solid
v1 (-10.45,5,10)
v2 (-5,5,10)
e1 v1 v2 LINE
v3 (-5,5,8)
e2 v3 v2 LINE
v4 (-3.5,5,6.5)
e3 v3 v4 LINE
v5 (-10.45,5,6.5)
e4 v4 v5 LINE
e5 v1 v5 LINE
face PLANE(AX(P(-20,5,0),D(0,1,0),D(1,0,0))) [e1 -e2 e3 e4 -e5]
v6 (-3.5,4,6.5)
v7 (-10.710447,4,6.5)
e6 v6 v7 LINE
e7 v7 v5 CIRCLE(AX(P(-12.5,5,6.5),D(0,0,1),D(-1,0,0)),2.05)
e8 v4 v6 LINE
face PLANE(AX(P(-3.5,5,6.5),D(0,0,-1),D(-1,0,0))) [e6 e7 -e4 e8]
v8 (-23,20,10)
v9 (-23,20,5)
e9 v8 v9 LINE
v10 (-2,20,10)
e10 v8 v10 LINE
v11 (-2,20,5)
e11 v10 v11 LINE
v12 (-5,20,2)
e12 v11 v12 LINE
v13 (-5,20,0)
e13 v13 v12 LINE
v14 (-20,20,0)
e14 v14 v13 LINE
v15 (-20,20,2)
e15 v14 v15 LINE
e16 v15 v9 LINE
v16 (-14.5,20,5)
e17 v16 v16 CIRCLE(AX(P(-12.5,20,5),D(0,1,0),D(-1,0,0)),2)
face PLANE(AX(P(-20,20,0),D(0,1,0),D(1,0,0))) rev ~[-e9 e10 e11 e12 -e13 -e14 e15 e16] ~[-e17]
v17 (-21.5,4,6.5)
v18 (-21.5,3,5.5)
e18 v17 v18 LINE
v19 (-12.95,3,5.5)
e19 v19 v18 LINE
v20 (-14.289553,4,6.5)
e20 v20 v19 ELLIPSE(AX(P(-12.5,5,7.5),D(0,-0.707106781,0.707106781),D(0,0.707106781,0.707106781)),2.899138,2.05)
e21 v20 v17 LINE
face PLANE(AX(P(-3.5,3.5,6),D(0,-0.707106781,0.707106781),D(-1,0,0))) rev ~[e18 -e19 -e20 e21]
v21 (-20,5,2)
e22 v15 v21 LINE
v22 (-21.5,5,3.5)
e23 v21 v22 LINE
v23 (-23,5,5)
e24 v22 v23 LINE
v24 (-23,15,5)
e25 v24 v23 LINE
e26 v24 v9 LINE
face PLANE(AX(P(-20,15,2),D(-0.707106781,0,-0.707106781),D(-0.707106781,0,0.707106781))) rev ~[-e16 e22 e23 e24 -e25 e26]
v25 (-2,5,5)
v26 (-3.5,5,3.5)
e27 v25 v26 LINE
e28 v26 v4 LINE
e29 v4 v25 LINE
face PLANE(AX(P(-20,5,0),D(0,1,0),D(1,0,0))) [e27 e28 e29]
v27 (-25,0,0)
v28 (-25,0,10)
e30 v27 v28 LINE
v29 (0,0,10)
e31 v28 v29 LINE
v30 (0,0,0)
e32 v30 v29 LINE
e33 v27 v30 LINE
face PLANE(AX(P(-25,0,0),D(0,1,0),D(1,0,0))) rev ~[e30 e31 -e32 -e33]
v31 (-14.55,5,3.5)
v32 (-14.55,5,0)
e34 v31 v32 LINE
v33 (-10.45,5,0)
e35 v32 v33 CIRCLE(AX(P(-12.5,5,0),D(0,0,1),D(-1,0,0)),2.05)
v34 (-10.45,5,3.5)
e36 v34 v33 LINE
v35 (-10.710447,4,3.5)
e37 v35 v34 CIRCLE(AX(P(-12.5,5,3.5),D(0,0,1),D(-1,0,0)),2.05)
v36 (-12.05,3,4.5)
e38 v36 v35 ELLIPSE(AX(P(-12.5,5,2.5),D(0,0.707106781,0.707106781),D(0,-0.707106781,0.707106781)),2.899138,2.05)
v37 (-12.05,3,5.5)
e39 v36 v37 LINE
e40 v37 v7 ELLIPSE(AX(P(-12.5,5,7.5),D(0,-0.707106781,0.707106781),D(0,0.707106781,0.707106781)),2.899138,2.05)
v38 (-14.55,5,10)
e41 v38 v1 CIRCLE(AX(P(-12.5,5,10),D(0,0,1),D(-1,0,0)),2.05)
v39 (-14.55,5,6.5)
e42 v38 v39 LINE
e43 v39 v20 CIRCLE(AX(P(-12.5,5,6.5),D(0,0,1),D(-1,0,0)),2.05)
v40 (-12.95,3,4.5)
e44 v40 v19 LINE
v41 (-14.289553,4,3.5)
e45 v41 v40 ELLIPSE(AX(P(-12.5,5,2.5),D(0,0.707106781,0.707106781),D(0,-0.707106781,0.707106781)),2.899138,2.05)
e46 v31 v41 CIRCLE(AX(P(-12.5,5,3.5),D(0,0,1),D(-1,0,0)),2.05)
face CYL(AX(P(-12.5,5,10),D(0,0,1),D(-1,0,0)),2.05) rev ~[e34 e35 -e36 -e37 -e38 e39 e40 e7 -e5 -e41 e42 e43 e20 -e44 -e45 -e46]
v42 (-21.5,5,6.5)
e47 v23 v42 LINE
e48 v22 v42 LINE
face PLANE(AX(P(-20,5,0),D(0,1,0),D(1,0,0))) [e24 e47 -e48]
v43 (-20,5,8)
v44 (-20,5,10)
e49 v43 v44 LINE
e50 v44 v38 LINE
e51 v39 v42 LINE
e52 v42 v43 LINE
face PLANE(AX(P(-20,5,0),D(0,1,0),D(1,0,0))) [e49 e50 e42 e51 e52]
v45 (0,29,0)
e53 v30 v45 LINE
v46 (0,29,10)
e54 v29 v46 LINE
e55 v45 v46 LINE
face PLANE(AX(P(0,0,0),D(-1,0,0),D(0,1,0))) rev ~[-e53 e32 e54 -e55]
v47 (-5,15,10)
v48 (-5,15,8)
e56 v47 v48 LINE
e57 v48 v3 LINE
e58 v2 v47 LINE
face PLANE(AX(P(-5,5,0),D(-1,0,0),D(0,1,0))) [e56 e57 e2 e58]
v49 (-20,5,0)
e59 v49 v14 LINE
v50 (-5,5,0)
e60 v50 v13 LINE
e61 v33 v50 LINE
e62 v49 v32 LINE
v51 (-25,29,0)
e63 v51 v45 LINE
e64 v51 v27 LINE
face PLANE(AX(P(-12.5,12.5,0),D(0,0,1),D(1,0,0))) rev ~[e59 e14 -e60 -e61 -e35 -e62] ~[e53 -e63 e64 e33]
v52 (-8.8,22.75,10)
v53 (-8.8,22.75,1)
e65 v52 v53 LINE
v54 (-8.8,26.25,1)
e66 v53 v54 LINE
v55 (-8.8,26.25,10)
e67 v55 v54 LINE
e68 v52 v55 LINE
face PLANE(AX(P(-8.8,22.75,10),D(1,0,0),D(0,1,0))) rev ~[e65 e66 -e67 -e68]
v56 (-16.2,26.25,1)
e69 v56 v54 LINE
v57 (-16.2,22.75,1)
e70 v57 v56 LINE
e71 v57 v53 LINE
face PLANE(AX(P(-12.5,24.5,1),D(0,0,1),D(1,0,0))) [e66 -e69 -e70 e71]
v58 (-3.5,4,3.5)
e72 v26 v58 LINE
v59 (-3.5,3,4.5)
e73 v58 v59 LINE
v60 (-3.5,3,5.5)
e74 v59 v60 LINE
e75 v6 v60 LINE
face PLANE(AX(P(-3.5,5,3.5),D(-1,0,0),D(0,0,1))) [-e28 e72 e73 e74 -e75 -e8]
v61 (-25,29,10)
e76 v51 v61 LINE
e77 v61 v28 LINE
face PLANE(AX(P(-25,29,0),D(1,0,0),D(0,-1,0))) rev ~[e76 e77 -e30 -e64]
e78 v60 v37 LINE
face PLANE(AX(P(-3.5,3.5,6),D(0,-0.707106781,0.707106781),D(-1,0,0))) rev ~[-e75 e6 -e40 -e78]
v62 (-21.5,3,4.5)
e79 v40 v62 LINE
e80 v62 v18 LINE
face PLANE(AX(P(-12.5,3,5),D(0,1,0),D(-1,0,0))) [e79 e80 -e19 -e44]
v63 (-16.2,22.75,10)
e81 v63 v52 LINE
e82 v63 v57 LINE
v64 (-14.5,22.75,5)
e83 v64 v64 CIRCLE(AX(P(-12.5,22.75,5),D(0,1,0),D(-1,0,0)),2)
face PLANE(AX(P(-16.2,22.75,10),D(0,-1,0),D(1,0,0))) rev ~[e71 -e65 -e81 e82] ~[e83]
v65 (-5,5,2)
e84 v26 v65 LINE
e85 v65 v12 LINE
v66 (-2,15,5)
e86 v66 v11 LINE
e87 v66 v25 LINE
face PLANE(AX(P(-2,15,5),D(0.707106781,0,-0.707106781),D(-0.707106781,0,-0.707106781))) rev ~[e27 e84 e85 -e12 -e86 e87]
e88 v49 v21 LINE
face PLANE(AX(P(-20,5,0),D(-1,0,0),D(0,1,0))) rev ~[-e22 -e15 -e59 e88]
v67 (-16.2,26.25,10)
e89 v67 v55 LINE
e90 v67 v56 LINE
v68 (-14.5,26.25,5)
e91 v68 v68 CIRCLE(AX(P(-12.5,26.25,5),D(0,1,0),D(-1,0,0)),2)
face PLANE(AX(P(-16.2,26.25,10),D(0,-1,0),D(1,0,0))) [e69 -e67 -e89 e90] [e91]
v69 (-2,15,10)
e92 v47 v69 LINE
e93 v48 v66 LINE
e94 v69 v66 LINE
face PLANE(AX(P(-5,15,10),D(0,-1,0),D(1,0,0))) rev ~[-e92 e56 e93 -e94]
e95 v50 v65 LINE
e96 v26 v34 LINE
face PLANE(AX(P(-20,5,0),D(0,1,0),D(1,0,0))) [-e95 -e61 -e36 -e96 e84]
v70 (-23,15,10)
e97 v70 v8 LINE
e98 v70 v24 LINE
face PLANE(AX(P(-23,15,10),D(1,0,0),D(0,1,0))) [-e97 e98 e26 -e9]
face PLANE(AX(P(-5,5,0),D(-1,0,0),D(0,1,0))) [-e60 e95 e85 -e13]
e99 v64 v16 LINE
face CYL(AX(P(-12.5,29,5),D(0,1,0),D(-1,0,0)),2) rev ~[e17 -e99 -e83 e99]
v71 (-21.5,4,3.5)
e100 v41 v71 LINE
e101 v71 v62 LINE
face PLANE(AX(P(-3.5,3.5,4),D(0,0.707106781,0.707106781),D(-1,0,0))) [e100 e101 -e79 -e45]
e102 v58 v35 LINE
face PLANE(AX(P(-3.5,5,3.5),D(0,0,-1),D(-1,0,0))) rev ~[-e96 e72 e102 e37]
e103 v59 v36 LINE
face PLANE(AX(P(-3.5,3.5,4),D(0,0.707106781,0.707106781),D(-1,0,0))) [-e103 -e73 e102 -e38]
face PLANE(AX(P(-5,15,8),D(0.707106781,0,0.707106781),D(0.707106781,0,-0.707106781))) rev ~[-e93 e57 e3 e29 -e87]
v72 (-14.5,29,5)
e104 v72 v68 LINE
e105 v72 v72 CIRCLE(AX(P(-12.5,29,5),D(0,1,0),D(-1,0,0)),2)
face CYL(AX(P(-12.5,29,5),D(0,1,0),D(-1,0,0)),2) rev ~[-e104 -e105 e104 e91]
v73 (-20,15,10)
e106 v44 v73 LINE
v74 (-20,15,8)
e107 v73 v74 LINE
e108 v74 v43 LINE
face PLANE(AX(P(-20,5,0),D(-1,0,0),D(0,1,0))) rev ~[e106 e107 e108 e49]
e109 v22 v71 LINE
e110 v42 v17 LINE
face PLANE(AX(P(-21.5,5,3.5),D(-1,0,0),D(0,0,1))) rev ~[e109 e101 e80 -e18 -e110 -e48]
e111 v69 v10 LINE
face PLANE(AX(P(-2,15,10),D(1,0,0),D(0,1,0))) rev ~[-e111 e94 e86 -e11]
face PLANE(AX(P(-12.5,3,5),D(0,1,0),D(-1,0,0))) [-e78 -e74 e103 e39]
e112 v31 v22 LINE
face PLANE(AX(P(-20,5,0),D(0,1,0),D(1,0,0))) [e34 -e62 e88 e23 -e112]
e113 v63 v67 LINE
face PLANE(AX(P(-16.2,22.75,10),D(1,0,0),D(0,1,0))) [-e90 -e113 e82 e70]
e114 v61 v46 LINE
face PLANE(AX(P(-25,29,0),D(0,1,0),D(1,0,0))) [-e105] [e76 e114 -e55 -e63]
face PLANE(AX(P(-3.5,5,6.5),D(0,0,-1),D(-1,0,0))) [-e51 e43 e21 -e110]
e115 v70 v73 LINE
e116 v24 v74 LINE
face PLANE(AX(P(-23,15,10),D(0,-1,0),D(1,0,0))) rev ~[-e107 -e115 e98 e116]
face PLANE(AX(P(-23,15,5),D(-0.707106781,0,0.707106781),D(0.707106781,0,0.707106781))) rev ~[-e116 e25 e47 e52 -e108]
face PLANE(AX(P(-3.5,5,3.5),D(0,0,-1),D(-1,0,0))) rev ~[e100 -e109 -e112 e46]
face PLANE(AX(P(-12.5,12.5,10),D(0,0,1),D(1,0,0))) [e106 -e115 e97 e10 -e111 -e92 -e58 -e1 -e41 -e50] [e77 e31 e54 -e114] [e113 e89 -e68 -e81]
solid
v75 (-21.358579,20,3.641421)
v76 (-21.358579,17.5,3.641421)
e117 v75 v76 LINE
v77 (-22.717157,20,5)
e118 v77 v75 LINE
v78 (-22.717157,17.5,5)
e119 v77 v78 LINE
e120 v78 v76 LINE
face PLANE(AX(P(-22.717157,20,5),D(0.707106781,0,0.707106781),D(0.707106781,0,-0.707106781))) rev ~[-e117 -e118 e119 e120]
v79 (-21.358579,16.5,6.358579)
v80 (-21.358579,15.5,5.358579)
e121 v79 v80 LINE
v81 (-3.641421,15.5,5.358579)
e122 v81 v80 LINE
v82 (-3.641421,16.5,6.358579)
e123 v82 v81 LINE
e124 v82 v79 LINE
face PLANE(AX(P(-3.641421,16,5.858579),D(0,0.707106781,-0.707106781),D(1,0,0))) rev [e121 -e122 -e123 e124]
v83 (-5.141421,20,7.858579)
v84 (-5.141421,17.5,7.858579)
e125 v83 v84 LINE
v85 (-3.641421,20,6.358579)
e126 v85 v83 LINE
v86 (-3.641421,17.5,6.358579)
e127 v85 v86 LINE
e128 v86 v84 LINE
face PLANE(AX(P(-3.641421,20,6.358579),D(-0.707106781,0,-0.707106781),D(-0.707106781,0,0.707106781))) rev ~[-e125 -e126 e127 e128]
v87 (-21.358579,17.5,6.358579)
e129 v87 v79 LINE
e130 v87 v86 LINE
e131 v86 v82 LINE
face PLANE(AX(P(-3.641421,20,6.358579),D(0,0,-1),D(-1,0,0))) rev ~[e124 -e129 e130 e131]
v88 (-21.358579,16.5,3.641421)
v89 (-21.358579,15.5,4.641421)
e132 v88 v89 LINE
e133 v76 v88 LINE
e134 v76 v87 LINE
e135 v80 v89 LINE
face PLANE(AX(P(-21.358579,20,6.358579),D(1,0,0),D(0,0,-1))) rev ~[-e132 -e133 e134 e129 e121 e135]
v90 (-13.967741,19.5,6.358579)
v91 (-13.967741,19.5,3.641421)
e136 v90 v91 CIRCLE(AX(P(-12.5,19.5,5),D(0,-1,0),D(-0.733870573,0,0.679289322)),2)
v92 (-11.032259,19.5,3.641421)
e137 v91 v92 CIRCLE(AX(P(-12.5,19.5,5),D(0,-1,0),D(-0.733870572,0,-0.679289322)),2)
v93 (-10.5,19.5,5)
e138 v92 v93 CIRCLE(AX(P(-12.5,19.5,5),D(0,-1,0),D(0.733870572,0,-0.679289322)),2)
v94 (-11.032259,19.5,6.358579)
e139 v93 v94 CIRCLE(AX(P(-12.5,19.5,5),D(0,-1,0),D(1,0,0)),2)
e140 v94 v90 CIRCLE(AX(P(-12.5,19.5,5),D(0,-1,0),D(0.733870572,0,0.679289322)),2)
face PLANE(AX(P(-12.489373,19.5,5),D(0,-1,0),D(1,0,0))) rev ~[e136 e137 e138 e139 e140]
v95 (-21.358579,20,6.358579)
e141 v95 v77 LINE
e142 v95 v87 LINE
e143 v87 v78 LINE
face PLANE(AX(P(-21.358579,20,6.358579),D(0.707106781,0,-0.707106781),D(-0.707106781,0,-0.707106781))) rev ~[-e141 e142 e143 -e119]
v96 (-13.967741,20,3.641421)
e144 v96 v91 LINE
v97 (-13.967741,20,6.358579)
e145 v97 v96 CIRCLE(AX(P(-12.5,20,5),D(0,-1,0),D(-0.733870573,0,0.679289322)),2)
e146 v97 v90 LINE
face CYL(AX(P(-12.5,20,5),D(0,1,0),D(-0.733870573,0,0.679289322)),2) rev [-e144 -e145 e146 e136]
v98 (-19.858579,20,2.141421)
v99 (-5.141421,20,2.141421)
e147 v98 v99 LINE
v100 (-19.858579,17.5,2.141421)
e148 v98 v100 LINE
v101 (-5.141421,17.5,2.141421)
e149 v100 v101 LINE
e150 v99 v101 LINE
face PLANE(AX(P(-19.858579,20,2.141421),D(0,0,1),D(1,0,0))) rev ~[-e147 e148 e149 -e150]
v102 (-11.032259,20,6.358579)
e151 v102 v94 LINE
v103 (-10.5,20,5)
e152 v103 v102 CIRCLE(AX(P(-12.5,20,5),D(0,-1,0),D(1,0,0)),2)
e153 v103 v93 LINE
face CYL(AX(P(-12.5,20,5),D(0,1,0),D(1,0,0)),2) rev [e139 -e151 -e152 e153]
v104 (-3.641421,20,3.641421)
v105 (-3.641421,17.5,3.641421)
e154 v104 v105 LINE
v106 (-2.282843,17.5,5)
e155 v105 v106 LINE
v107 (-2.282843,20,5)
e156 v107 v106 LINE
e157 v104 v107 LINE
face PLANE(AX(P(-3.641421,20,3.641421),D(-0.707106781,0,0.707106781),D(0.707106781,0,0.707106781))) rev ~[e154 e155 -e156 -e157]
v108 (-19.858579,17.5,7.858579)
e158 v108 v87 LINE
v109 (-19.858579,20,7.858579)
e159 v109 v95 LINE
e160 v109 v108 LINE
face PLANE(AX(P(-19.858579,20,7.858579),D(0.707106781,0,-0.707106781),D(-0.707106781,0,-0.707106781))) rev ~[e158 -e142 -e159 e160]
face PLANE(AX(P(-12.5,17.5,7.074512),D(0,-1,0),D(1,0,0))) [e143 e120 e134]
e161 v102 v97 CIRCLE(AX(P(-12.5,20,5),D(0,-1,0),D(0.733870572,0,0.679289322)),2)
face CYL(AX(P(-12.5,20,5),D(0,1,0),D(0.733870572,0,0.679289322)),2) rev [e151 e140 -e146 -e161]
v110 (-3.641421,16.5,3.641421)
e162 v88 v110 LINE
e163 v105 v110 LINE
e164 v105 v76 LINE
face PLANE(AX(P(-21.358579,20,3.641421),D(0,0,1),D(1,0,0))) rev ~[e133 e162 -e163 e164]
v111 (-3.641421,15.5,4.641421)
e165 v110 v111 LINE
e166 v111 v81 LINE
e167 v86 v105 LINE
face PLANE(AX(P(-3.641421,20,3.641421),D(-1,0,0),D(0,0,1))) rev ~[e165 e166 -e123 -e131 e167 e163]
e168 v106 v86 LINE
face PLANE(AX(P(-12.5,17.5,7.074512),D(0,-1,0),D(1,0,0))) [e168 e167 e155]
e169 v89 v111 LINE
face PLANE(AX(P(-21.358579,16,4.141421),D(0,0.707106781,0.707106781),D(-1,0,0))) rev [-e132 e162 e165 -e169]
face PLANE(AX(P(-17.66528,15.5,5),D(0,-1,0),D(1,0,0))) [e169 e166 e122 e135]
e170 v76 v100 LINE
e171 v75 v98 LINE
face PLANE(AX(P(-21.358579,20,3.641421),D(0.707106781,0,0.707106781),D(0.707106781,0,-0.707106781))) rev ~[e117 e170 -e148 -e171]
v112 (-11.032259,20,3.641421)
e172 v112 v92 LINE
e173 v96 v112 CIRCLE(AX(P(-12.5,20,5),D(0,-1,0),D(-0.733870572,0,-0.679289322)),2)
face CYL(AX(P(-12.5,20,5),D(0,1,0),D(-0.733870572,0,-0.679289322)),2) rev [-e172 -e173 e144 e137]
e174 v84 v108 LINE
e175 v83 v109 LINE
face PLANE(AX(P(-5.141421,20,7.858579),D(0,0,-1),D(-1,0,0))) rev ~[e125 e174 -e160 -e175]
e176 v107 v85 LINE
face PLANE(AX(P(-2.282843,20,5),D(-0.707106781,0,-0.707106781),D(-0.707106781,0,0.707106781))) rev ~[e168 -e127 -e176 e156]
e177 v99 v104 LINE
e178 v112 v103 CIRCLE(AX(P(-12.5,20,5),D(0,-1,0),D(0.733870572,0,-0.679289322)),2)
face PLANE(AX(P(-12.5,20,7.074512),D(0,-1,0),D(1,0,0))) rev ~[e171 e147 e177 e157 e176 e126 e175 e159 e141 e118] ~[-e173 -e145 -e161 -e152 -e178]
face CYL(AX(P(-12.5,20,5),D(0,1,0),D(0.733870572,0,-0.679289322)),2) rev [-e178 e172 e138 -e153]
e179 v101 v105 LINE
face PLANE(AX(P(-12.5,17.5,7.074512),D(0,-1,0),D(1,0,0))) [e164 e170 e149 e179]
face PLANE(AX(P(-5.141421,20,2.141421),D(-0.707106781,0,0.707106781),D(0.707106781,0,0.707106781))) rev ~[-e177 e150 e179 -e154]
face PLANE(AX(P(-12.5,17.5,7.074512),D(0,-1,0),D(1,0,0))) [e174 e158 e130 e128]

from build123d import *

# Parameters (mm, degrees)
F0_W          = 25
F0_H          = 25
F0_W_2        = 15
F0_H_2        = 15
F0_H_3        = 4
F1_DEPTH      = 10
F2_W          = 3
F2_H          = 5
F3_DEPTH      = 5
F5_DEPTH      = 10
F5_DEPTH_BACK = 5
F6_W          = 18
F6_H          = 3
F7_DEPTH      = 2
F8_SIZE       = 1
F10_DEPTH     = 25
F11_R         = 2
F12_DEPTH     = 9
F13_W         = 7.4
F13_H         = 3.5
F14_DEPTH     = 9
F16_DEPTH     = 2.5
F17_DEPTH     = 4.5
F18_SIZE      = 1
F19_DEPTH     = 0.5


with BuildPart() as f1:
    # F0 (on Top) → F1 (new body)
    with BuildSketch(Plane.XY):
        with Locations((-12.5, 12.5)):
            Rectangle(F0_W, F0_H)
        with Locations((-12.5, 12.5)):
            Rectangle(F0_W_2, F0_H_2, mode=Mode.SUBTRACT)
        with Locations((-12.5, 27)):
            Rectangle(F0_W, F0_H_3)
    extrude(amount=F1_DEPTH)

    # F2 (on face) → F3 (cut)
    with BuildSketch(Plane.XY.offset(10)):
        with Locations((-21.5, 17.5)):
            Rectangle(F2_W, F2_H)
        with Locations((-3.5, 17.5)):
            Rectangle(F2_W, F2_H)
    extrude(amount=-F3_DEPTH, mode=Mode.SUBTRACT)

    # F4 (on face) → F5 (cut, two sides)
    with BuildSketch(Plane(origin=(0, 15, 0), x_dir=(-1, 0, 0), z_dir=(0, 1, 0))) as f5_sk:
        Polygon((20, 2), (23, 5), (20, 5), align=None)
        Polygon((20, 5), (23, 5), (20, 8), align=None)
        Polygon((5, 5), (2, 5), (5, 2), align=None)
        Polygon((5, 8), (2, 5), (5, 5), align=None)
    extrude(amount=-F5_DEPTH, mode=Mode.SUBTRACT)
    extrude(f5_sk.sketch, amount=F5_DEPTH_BACK, mode=Mode.SUBTRACT)

    # F6 (on face) → F7 (cut)
    with BuildSketch(Plane(origin=(0, 5, 0), x_dir=(-1, 0, 0), z_dir=(0, 1, 0))):
        with Locations((12.5, 5)):
            Rectangle(F6_W, F6_H)
    extrude(amount=-F7_DEPTH, mode=Mode.SUBTRACT)

    # F8
    f8_edges = [f1.edges().sort_by_distance(p)[0] for p in [
        (-12.5, 3, 3.5),
        (-12.5, 3, 6.5),
    ]]
    chamfer(f8_edges, length=F8_SIZE)

    # F9 (on face) → F10 (cut)
    with BuildSketch(Plane.XY.offset(10)):
        with BuildLine():
            ThreePointArc((-14.55, 5), (-12.5, 2.95), (-10.45, 5))
            Line((-10.45, 5), (-14.55, 5))
        make_face()
    extrude(amount=-F10_DEPTH, mode=Mode.SUBTRACT)

    # F11 (on face) → F12 (cut, through all)
    with BuildSketch(Plane(origin=(0, 29, 0), x_dir=(-1, 0, 0), z_dir=(0, 1, 0))):
        with Locations((12.5, 5)):
            Circle(F11_R)
    extrude(amount=-F12_DEPTH, mode=Mode.SUBTRACT)

    # F13 (on face) → F14 (cut, through all)
    with BuildSketch(Plane.XY.offset(10)):
        with Locations((-12.5, 24.5)):
            Rectangle(F13_W, F13_H)
    extrude(amount=-F14_DEPTH, mode=Mode.SUBTRACT)


with BuildPart() as f16:
    # F15 (on face) → F16 (new body)
    with BuildSketch(Plane.XZ.offset(-20)):
        with BuildLine():
            Line((-19.8585786438, 7.8585786438), (-21.3585786438, 6.3585786438))
            Line((-21.3585786438, 6.3585786438), (-13.967741145, 6.3585786438))
            ThreePointArc((-13.967741145, 6.3585786438), (-12.5, 7), (-11.032258855, 6.3585786438))
            Line((-11.032258855, 6.3585786438), (-3.6414213562, 6.3585786438))
            Line((-3.6414213562, 6.3585786438), (-5.1414213562, 7.8585786438))
            Line((-5.1414213562, 7.8585786438), (-19.8585786438, 7.8585786438))
        make_face()
        Polygon((-22.7171572875, 5), (-21.3585786438, 3.6414213562), (-21.3585786438, 6.3585786438), align=None)
        with BuildLine():
            Line((-21.3585786438, 6.3585786438), (-21.3585786438, 3.6414213562))
            Line((-21.3585786438, 3.6414213562), (-13.967741145, 3.6414213562))
            ThreePointArc((-13.967741145, 3.6414213562), (-14.5, 5), (-13.967741145, 6.3585786438))
            Line((-13.967741145, 6.3585786438), (-21.3585786438, 6.3585786438))
        make_face()
        with BuildLine():
            Line((-11.032258855, 3.6414213562), (-3.6414213562, 3.6414213562))
            Line((-3.6414213562, 3.6414213562), (-3.6414213562, 6.3585786438))
            Line((-3.6414213562, 6.3585786438), (-11.032258855, 6.3585786438))
            ThreePointArc((-11.032258855, 6.3585786438), (-10.6378128061, 5.7295607274), (-10.5, 5))
            ThreePointArc((-10.5, 5), (-10.6378128061, 4.2704392726), (-11.032258855, 3.6414213562))
        make_face()
        with BuildLine():
            Line((-21.3585786438, 3.6414213562), (-19.8585786438, 2.1414213562))
            Line((-19.8585786438, 2.1414213562), (-5.1414213562, 2.1414213562))
            Line((-5.1414213562, 2.1414213562), (-3.6414213562, 3.6414213562))
            Line((-3.6414213562, 3.6414213562), (-11.032258855, 3.6414213562))
            ThreePointArc((-11.032258855, 3.6414213562), (-12.5, 3), (-13.967741145, 3.6414213562))
            Line((-13.967741145, 3.6414213562), (-21.3585786438, 3.6414213562))
        make_face()
        Polygon((-3.6414213562, 6.3585786438), (-3.6414213562, 3.6414213562), (-2.2828427125, 5), align=None)
        with BuildLine():
            ThreePointArc((-13.967741145, 6.3585786438), (-14.5, 5), (-13.967741145, 3.6414213562))
            Line((-13.967741145, 3.6414213562), (-11.032258855, 3.6414213562))
            ThreePointArc((-11.032258855, 3.6414213562), (-10.6378128061, 4.2704392726), (-10.5, 5))
            ThreePointArc((-10.5, 5), (-10.6378128061, 5.7295607274), (-11.032258855, 6.3585786438))
            Line((-11.032258855, 6.3585786438), (-13.967741145, 6.3585786438))
        make_face()
        with BuildLine():
            Line((-11.032258855, 3.6414213562), (-13.967741145, 3.6414213562))
            ThreePointArc((-13.967741145, 3.6414213562), (-12.5, 3), (-11.032258855, 3.6414213562))
        make_face()
        with BuildLine():
            ThreePointArc((-11.032258855, 6.3585786438), (-12.5, 7), (-13.967741145, 6.3585786438))
            Line((-13.967741145, 6.3585786438), (-11.032258855, 6.3585786438))
        make_face()
    extrude(amount=F16_DEPTH)

    # F15 (on face) → F17 (join, through all)
    with BuildSketch(Plane.XZ.offset(-20)):
        with BuildLine():
            Line((-21.3585786438, 6.3585786438), (-21.3585786438, 3.6414213562))
            Line((-21.3585786438, 3.6414213562), (-13.967741145, 3.6414213562))
            ThreePointArc((-13.967741145, 3.6414213562), (-14.5, 5), (-13.967741145, 6.3585786438))
            Line((-13.967741145, 6.3585786438), (-21.3585786438, 6.3585786438))
        make_face()
        with BuildLine():
            Line((-11.032258855, 3.6414213562), (-3.6414213562, 3.6414213562))
            Line((-3.6414213562, 3.6414213562), (-3.6414213562, 6.3585786438))
            Line((-3.6414213562, 6.3585786438), (-11.032258855, 6.3585786438))
            ThreePointArc((-11.032258855, 6.3585786438), (-10.6378128061, 5.7295607274), (-10.5, 5))
            ThreePointArc((-10.5, 5), (-10.6378128061, 4.2704392726), (-11.032258855, 3.6414213562))
        make_face()
        with BuildLine():
            ThreePointArc((-13.967741145, 6.3585786438), (-14.5, 5), (-13.967741145, 3.6414213562))
            Line((-13.967741145, 3.6414213562), (-11.032258855, 3.6414213562))
            ThreePointArc((-11.032258855, 3.6414213562), (-10.6378128061, 4.2704392726), (-10.5, 5))
            ThreePointArc((-10.5, 5), (-10.6378128061, 5.7295607274), (-11.032258855, 6.3585786438))
            Line((-11.032258855, 6.3585786438), (-13.967741145, 6.3585786438))
        make_face()
    extrude(amount=F17_DEPTH)

    # F18
    f18_edges = [f16.edges().sort_by_distance(p)[0] for p in [
        (-12.5, 15.5, 3.641421),
        (-12.5, 15.5, 6.358579),
    ]]
    chamfer(f18_edges, length=F18_SIZE)

    # F15 (on face) → F19 (cut)
    with BuildSketch(Plane.XZ.offset(-20)):
        with BuildLine():
            ThreePointArc((-13.967741145, 6.3585786438), (-14.5, 5), (-13.967741145, 3.6414213562))
            Line((-13.967741145, 3.6414213562), (-11.032258855, 3.6414213562))
            ThreePointArc((-11.032258855, 3.6414213562), (-10.6378128061, 4.2704392726), (-10.5, 5))
            ThreePointArc((-10.5, 5), (-10.6378128061, 5.7295607274), (-11.032258855, 6.3585786438))
            Line((-11.032258855, 6.3585786438), (-13.967741145, 6.3585786438))
        make_face()
        with BuildLine():
            Line((-11.032258855, 3.6414213562), (-13.967741145, 3.6414213562))
            ThreePointArc((-13.967741145, 3.6414213562), (-12.5, 3), (-11.032258855, 3.6414213562))
        make_face()
        with BuildLine():
            ThreePointArc((-11.032258855, 6.3585786438), (-12.5, 7), (-13.967741145, 6.3585786438))
            Line((-13.967741145, 6.3585786438), (-11.032258855, 6.3585786438))
        make_face()
    extrude(amount=F19_DEPTH, mode=Mode.SUBTRACT)


solid = Compound([f1.part, f16.part])
